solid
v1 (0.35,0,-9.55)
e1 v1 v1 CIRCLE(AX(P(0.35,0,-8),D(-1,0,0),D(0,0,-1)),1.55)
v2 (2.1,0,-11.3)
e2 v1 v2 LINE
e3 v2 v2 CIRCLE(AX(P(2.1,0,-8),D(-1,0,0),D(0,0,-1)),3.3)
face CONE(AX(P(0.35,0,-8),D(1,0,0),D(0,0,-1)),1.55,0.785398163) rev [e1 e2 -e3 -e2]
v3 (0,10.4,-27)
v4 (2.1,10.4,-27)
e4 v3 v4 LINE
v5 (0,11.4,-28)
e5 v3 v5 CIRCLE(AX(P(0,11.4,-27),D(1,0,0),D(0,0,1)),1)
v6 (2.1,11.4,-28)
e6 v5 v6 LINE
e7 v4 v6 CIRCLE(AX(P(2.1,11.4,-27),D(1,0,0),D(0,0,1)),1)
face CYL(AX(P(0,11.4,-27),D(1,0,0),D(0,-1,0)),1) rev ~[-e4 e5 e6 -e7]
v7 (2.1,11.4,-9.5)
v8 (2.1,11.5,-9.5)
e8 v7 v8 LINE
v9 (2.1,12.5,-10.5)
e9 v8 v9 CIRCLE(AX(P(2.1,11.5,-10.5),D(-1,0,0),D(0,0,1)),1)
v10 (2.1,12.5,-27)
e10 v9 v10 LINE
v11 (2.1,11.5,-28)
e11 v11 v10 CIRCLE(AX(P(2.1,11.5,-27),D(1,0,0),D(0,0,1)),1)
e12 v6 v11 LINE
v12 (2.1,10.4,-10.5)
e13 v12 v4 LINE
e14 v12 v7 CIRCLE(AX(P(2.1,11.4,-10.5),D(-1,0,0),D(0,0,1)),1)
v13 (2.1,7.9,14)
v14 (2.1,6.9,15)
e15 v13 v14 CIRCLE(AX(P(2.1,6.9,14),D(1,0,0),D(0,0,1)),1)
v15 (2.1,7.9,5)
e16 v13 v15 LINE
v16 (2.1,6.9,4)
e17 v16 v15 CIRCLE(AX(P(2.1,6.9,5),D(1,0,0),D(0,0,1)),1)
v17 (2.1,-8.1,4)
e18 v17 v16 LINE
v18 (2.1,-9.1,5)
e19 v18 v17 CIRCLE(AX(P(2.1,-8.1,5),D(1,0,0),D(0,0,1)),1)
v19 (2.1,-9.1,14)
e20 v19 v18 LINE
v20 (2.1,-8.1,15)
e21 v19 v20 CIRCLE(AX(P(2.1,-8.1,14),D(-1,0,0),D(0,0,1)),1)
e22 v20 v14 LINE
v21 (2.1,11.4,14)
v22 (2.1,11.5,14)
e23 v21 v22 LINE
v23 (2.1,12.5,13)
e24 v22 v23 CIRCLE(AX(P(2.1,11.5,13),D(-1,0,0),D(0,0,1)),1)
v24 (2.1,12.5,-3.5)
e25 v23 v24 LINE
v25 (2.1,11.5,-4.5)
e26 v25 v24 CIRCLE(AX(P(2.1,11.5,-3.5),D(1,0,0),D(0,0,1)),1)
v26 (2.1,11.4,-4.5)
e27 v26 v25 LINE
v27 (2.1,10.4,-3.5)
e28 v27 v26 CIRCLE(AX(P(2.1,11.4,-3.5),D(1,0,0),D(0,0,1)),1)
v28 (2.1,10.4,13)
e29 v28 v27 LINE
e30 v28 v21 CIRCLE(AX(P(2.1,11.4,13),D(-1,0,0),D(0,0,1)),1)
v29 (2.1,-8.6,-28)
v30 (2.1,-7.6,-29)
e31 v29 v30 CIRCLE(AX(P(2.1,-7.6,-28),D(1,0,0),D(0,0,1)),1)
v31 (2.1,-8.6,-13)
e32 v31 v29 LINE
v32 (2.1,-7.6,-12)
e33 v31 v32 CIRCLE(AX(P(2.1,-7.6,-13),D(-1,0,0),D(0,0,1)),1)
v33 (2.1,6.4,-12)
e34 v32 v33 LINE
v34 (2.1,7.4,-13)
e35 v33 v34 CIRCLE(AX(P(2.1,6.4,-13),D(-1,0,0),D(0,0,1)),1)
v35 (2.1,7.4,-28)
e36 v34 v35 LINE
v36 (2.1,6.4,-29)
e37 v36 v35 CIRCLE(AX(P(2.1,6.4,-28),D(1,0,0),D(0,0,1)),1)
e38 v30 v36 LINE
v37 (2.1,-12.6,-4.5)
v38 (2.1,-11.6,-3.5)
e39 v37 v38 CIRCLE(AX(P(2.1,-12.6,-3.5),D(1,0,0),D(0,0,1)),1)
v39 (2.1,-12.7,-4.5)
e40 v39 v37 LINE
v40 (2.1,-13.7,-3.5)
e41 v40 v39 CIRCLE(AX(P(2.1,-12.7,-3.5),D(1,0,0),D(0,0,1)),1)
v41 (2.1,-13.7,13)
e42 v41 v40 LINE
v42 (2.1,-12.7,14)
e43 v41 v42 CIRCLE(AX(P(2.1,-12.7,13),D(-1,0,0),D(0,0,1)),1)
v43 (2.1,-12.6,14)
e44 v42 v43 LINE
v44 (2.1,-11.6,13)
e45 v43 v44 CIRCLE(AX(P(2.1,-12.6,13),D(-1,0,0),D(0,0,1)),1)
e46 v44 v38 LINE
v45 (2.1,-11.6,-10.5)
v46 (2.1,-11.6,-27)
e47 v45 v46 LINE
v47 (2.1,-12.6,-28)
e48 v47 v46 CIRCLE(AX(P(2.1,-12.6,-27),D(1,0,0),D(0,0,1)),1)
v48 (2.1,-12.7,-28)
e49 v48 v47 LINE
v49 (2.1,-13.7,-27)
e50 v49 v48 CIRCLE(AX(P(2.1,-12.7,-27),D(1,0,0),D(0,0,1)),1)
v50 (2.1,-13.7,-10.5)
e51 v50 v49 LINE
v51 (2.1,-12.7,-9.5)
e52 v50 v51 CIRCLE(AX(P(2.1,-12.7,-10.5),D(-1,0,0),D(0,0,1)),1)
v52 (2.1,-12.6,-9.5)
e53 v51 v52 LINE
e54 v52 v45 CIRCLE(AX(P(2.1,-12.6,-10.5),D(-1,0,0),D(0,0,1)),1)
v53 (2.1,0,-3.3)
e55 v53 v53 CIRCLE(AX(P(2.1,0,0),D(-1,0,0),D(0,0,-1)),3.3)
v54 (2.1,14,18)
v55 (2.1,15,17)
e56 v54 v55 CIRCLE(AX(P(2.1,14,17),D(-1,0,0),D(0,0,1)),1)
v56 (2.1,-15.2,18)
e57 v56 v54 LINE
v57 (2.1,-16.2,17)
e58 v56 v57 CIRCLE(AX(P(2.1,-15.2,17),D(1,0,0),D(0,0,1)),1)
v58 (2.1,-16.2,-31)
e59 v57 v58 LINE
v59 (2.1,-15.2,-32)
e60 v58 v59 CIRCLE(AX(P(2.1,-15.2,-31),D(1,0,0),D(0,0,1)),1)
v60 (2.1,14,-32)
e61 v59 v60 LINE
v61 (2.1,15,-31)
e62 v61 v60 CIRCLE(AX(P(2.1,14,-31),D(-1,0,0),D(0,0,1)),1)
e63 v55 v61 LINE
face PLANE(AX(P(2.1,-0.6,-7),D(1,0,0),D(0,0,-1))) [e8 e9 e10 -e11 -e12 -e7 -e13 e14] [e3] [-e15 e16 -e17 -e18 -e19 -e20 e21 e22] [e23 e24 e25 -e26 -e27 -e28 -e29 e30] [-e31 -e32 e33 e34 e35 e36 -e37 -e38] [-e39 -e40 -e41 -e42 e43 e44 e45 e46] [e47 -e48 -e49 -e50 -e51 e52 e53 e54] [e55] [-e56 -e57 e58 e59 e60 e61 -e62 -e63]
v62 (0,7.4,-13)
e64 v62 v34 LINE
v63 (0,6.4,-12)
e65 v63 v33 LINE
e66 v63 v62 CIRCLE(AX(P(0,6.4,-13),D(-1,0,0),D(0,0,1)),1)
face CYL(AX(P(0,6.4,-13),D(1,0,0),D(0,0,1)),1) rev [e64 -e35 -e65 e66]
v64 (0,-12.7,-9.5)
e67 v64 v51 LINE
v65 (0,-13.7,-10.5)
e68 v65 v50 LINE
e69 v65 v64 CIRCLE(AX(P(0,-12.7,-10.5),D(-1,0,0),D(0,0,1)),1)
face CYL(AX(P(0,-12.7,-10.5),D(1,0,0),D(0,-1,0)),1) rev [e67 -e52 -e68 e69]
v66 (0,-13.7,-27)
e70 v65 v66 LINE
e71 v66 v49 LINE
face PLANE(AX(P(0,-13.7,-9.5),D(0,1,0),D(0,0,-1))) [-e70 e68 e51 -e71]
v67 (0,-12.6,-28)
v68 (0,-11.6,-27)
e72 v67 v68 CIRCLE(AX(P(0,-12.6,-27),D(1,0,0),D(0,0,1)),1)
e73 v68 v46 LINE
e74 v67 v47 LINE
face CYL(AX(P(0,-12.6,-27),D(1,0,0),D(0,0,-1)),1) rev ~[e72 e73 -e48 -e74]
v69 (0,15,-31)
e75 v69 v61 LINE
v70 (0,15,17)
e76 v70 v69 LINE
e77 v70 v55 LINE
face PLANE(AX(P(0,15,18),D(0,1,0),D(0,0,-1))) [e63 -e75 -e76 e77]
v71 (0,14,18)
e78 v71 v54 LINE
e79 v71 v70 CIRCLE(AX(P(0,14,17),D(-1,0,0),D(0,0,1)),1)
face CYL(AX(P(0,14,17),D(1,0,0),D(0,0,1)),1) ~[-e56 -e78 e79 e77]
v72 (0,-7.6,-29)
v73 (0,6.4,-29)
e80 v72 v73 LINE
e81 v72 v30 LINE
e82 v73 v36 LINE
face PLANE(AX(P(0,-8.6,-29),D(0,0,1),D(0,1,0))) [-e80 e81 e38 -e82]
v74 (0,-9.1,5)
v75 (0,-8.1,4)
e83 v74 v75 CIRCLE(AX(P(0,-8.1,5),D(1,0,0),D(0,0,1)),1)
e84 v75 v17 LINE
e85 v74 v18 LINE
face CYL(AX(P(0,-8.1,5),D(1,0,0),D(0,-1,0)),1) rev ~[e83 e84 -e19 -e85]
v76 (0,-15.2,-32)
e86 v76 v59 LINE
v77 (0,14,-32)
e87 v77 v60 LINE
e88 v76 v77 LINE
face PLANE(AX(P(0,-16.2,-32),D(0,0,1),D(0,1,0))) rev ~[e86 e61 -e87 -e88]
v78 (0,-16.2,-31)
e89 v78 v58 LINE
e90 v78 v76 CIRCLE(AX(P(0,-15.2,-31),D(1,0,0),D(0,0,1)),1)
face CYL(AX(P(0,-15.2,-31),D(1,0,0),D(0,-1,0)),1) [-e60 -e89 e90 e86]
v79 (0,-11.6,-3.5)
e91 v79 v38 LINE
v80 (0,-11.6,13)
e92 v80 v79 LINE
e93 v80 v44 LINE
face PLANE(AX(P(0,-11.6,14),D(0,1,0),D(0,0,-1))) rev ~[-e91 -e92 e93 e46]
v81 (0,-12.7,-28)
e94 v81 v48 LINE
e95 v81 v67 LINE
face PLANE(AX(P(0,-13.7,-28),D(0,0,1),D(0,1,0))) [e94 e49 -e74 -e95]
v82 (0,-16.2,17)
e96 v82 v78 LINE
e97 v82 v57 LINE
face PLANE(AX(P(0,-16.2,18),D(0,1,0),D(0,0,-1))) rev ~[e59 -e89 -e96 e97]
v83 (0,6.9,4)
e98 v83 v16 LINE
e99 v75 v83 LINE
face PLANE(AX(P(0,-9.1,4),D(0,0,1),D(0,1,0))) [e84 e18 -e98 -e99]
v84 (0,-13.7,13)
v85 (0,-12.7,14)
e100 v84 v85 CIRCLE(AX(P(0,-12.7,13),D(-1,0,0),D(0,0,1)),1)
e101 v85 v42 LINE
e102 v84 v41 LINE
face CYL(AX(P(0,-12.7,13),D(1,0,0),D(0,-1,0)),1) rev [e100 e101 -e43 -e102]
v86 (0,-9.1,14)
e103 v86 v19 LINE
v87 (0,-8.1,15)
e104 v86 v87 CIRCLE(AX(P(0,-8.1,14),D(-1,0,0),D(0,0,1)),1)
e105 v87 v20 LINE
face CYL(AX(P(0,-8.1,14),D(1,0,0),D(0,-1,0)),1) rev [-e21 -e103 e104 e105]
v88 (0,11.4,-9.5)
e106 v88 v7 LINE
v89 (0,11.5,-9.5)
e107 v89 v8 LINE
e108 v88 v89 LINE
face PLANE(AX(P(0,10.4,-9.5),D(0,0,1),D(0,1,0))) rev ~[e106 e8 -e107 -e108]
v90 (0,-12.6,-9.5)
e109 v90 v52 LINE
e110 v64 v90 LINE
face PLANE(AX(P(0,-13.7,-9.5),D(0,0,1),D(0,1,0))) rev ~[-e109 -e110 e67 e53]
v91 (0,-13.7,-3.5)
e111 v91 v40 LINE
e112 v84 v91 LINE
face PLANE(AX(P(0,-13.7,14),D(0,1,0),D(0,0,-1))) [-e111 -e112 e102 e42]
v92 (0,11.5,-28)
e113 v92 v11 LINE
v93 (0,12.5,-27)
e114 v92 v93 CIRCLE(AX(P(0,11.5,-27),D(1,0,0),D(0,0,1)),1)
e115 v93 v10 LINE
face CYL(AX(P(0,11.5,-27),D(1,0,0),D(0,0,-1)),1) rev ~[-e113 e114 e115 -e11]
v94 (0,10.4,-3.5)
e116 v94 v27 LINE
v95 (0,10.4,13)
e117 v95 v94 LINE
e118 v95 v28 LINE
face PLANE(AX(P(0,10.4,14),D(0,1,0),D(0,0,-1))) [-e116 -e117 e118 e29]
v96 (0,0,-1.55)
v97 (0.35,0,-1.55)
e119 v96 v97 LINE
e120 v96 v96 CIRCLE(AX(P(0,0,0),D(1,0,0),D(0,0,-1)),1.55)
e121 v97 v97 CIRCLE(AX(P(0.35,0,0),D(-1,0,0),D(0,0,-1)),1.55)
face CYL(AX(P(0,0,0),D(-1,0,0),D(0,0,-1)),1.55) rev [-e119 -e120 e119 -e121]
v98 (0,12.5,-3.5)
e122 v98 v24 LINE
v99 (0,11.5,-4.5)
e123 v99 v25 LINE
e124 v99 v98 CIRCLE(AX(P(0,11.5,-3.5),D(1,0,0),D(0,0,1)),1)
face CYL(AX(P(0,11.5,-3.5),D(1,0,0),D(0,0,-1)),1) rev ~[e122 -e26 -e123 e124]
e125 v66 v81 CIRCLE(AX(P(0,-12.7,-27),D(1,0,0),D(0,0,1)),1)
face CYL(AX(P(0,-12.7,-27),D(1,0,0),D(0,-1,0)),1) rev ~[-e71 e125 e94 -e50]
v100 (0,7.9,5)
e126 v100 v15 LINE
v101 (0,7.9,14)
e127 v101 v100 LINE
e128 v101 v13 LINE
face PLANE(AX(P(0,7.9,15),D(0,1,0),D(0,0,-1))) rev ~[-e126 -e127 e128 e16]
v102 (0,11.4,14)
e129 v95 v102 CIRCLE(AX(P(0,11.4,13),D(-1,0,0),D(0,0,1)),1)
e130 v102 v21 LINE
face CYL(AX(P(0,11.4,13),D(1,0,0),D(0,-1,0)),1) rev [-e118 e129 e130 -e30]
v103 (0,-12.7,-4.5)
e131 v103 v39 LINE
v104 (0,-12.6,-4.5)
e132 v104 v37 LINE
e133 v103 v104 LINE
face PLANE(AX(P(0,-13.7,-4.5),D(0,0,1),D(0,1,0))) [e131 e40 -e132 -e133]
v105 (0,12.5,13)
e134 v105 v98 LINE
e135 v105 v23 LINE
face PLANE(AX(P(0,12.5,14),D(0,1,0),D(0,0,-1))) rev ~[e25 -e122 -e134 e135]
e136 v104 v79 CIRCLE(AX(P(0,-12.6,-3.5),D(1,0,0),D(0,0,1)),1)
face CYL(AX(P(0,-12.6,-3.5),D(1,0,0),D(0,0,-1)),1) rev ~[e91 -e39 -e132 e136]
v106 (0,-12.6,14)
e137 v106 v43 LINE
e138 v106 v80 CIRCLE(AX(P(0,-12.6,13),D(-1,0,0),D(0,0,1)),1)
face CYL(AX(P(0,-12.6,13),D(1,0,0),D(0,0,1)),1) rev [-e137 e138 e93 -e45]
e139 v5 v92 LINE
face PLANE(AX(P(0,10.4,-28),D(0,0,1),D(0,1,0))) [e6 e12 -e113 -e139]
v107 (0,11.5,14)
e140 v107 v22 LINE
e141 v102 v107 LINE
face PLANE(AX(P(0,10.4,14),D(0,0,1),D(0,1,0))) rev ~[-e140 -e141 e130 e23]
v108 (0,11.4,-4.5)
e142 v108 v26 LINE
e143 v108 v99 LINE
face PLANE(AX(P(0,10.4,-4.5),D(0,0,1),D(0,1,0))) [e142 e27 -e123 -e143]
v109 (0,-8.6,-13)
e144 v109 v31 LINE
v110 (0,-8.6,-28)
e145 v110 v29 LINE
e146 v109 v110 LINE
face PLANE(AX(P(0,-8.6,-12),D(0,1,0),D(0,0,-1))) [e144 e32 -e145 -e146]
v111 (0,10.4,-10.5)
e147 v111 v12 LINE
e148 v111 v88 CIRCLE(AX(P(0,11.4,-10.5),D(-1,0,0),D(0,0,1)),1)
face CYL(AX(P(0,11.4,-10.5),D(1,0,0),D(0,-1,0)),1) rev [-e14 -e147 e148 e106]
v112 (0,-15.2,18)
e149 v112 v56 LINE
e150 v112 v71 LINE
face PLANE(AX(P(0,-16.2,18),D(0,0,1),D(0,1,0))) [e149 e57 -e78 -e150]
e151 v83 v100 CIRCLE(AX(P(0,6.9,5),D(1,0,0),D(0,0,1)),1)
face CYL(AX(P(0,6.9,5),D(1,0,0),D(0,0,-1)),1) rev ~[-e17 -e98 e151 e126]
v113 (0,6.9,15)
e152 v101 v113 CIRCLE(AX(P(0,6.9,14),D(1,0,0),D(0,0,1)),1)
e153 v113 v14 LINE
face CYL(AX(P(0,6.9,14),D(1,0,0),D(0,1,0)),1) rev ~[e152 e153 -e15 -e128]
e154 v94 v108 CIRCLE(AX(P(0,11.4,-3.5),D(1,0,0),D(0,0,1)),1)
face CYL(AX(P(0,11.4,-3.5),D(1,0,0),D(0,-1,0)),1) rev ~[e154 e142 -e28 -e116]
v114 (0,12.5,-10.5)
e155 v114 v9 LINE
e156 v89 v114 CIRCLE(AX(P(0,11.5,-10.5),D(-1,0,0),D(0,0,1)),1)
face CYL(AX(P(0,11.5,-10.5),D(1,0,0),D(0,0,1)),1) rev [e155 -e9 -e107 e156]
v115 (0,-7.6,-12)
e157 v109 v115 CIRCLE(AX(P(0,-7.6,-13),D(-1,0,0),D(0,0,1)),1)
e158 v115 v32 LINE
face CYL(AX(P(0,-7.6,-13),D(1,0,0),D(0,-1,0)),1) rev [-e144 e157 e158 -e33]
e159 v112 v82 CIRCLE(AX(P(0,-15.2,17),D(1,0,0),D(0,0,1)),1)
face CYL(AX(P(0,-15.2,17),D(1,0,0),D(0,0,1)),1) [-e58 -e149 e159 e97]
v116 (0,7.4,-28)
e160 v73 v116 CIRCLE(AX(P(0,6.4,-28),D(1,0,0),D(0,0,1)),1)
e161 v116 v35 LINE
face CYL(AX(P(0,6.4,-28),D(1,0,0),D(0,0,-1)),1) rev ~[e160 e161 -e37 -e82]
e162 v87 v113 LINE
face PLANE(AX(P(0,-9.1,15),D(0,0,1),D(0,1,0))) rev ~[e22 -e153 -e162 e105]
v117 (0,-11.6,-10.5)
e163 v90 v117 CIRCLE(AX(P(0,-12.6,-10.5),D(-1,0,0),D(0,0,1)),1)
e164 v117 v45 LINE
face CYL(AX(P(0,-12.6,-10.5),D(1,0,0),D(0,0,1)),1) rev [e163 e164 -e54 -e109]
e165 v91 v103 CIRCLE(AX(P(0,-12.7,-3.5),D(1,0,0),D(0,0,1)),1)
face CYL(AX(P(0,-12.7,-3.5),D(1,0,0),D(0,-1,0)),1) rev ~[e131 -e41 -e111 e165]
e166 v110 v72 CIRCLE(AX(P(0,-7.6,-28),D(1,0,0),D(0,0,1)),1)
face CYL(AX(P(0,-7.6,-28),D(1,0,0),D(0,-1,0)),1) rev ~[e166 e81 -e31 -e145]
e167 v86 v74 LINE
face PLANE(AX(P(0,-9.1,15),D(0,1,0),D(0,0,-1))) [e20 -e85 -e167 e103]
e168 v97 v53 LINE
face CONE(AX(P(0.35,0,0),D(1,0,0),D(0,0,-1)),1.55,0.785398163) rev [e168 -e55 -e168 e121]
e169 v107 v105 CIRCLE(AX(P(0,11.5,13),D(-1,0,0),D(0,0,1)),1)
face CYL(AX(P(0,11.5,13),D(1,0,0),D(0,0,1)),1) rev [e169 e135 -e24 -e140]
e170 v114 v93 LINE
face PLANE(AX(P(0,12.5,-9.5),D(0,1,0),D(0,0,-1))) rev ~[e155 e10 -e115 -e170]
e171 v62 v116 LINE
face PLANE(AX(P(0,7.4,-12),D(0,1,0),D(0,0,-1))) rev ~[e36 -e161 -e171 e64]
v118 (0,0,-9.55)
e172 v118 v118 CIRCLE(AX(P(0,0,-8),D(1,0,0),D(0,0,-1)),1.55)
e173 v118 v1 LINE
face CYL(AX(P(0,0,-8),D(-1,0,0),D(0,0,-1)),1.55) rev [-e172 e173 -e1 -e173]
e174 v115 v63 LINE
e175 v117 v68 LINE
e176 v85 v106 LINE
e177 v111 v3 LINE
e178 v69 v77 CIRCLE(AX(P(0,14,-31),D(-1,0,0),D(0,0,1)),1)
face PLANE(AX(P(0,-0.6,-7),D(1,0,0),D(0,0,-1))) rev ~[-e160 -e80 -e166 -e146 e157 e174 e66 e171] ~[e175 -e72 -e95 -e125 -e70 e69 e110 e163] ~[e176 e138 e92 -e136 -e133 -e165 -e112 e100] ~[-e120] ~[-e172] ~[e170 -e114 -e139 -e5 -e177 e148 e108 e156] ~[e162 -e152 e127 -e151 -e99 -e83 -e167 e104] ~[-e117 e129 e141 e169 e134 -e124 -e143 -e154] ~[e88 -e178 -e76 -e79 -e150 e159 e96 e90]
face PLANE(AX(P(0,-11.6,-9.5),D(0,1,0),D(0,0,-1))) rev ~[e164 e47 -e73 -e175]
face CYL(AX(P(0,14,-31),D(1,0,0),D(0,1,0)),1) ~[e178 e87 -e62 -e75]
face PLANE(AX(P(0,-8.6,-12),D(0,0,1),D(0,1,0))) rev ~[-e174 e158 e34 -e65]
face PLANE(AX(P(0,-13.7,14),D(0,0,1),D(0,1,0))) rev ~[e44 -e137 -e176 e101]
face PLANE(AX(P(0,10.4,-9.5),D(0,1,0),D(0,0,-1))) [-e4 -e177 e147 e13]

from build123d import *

# Parameters (mm, degrees)
SKETCH_1_W               = 50
SKETCH_1_H               = 31.2
SKETCH_1_R               = 1.55
SKETCH_1_W_2             = 18.5
SKETCH_1_H_2             = 2.1
SKETCH_1_W_3             = 17
SKETCH_1_H_3             = 16
SKETCH_1_W_4             = 11
SKETCH_1_H_4             = 17
EXTRUDE_1_DEPTH          = 2.1
HOLE_WIZARD_1_AT_2_COUNT = 2
HOLE_WIZARD_1_AT_2_PITCH = 8
FILLET_1_R               = 1


with BuildPart() as part:
    # 草图1 → 凸台-拉伸1 (new body)
    with BuildSketch(Plane(origin=(0, 0, 0), x_dir=(0, 0, -1), z_dir=(1, 0, 0))):
        with Locations((7, -0.6)):
            Rectangle(SKETCH_1_W, SKETCH_1_H)
        Circle(SKETCH_1_R, mode=Mode.SUBTRACT)
        with Locations((8, 0)):
            Circle(SKETCH_1_R, mode=Mode.SUBTRACT)
        with Locations((-4.75, 11.45)):
            Rectangle(SKETCH_1_W_2, SKETCH_1_H_2, mode=Mode.SUBTRACT)
        with Locations((18.75, 11.45)):
            Rectangle(SKETCH_1_W_2, SKETCH_1_H_2, mode=Mode.SUBTRACT)
        with Locations((18.75, -12.65)):
            Rectangle(SKETCH_1_W_2, SKETCH_1_H_2, mode=Mode.SUBTRACT)
        with Locations((-4.75, -12.65)):
            Rectangle(SKETCH_1_W_2, SKETCH_1_H_2, mode=Mode.SUBTRACT)
        with Locations((20.5, -0.6)):
            Rectangle(SKETCH_1_W_3, SKETCH_1_H_3, mode=Mode.SUBTRACT)
        with Locations((-9.5, -0.6)):
            Rectangle(SKETCH_1_W_4, SKETCH_1_H_4, mode=Mode.SUBTRACT)
    extrude(amount=EXTRUDE_1_DEPTH)

    # 草图2 → 打孔尺寸(%根据十字)槽沉头木螺钉的类型1 (revolve, cut)
    with BuildSketch(Plane(origin=(2.1, 0, 0), x_dir=(0, 0, -1), z_dir=(0, 1, 0))):
        Polygon((0, 0), (0, 2.1), (1.55, 2.1), (1.55, 1.75), (3.3, 0), align=None)
    hole_wizard_1 = revolve(axis=Axis((8.45, 0, 0), (-1, 0, 0)), mode=Mode.SUBTRACT)

    # 打孔尺寸(%根据十字)槽沉头木螺钉的类型1 at 2: 打孔尺寸(%根据十字)槽沉头木螺钉的类型1 ×2
    with Locations(*[(0, 0, -i * HOLE_WIZARD_1_AT_2_PITCH) for i in range(1, HOLE_WIZARD_1_AT_2_COUNT)]):
        add(hole_wizard_1, mode=Mode.SUBTRACT)

    # 圆角1
    fillet_1_edges = [part.edges().sort_by_distance(p)[0] for p in [
        (1.05, 12.5, 14),
        (1.05, 10.4, 14),
        (1.05, 10.4, -4.5),
        (1.05, 12.5, -4.5),
        (1.05, 12.5, -9.5),
        (1.05, 10.4, -9.5),
        (1.05, 10.4, -28),
        (1.05, 12.5, -28),
        (1.05, -11.6, -28),
        (1.05, -11.6, -9.5),
        (1.05, -13.7, -9.5),
        (1.05, -13.7, -28),
        (1.05, -13.7, -4.5),
        (1.05, -11.6, -4.5),
        (1.05, -11.6, 14),
        (1.05, -13.7, 14),
        (1.05, 15, 18),
        (1.05, 7.4, -12),
        (1.05, 15, -32),
        (1.05, -8.6, -12),
        (1.05, -8.6, -29),
        (1.05, 7.4, -29),
        (1.05, -16.2, -32),
        (1.05, -16.2, 18),
        (1.05, 7.9, 15),
        (1.05, -9.1, 15),
        (1.05, -9.1, 4),
        (1.05, 7.9, 4),
    ]]
    fillet(fillet_1_edges, radius=FILLET_1_R)


solid = part.part
